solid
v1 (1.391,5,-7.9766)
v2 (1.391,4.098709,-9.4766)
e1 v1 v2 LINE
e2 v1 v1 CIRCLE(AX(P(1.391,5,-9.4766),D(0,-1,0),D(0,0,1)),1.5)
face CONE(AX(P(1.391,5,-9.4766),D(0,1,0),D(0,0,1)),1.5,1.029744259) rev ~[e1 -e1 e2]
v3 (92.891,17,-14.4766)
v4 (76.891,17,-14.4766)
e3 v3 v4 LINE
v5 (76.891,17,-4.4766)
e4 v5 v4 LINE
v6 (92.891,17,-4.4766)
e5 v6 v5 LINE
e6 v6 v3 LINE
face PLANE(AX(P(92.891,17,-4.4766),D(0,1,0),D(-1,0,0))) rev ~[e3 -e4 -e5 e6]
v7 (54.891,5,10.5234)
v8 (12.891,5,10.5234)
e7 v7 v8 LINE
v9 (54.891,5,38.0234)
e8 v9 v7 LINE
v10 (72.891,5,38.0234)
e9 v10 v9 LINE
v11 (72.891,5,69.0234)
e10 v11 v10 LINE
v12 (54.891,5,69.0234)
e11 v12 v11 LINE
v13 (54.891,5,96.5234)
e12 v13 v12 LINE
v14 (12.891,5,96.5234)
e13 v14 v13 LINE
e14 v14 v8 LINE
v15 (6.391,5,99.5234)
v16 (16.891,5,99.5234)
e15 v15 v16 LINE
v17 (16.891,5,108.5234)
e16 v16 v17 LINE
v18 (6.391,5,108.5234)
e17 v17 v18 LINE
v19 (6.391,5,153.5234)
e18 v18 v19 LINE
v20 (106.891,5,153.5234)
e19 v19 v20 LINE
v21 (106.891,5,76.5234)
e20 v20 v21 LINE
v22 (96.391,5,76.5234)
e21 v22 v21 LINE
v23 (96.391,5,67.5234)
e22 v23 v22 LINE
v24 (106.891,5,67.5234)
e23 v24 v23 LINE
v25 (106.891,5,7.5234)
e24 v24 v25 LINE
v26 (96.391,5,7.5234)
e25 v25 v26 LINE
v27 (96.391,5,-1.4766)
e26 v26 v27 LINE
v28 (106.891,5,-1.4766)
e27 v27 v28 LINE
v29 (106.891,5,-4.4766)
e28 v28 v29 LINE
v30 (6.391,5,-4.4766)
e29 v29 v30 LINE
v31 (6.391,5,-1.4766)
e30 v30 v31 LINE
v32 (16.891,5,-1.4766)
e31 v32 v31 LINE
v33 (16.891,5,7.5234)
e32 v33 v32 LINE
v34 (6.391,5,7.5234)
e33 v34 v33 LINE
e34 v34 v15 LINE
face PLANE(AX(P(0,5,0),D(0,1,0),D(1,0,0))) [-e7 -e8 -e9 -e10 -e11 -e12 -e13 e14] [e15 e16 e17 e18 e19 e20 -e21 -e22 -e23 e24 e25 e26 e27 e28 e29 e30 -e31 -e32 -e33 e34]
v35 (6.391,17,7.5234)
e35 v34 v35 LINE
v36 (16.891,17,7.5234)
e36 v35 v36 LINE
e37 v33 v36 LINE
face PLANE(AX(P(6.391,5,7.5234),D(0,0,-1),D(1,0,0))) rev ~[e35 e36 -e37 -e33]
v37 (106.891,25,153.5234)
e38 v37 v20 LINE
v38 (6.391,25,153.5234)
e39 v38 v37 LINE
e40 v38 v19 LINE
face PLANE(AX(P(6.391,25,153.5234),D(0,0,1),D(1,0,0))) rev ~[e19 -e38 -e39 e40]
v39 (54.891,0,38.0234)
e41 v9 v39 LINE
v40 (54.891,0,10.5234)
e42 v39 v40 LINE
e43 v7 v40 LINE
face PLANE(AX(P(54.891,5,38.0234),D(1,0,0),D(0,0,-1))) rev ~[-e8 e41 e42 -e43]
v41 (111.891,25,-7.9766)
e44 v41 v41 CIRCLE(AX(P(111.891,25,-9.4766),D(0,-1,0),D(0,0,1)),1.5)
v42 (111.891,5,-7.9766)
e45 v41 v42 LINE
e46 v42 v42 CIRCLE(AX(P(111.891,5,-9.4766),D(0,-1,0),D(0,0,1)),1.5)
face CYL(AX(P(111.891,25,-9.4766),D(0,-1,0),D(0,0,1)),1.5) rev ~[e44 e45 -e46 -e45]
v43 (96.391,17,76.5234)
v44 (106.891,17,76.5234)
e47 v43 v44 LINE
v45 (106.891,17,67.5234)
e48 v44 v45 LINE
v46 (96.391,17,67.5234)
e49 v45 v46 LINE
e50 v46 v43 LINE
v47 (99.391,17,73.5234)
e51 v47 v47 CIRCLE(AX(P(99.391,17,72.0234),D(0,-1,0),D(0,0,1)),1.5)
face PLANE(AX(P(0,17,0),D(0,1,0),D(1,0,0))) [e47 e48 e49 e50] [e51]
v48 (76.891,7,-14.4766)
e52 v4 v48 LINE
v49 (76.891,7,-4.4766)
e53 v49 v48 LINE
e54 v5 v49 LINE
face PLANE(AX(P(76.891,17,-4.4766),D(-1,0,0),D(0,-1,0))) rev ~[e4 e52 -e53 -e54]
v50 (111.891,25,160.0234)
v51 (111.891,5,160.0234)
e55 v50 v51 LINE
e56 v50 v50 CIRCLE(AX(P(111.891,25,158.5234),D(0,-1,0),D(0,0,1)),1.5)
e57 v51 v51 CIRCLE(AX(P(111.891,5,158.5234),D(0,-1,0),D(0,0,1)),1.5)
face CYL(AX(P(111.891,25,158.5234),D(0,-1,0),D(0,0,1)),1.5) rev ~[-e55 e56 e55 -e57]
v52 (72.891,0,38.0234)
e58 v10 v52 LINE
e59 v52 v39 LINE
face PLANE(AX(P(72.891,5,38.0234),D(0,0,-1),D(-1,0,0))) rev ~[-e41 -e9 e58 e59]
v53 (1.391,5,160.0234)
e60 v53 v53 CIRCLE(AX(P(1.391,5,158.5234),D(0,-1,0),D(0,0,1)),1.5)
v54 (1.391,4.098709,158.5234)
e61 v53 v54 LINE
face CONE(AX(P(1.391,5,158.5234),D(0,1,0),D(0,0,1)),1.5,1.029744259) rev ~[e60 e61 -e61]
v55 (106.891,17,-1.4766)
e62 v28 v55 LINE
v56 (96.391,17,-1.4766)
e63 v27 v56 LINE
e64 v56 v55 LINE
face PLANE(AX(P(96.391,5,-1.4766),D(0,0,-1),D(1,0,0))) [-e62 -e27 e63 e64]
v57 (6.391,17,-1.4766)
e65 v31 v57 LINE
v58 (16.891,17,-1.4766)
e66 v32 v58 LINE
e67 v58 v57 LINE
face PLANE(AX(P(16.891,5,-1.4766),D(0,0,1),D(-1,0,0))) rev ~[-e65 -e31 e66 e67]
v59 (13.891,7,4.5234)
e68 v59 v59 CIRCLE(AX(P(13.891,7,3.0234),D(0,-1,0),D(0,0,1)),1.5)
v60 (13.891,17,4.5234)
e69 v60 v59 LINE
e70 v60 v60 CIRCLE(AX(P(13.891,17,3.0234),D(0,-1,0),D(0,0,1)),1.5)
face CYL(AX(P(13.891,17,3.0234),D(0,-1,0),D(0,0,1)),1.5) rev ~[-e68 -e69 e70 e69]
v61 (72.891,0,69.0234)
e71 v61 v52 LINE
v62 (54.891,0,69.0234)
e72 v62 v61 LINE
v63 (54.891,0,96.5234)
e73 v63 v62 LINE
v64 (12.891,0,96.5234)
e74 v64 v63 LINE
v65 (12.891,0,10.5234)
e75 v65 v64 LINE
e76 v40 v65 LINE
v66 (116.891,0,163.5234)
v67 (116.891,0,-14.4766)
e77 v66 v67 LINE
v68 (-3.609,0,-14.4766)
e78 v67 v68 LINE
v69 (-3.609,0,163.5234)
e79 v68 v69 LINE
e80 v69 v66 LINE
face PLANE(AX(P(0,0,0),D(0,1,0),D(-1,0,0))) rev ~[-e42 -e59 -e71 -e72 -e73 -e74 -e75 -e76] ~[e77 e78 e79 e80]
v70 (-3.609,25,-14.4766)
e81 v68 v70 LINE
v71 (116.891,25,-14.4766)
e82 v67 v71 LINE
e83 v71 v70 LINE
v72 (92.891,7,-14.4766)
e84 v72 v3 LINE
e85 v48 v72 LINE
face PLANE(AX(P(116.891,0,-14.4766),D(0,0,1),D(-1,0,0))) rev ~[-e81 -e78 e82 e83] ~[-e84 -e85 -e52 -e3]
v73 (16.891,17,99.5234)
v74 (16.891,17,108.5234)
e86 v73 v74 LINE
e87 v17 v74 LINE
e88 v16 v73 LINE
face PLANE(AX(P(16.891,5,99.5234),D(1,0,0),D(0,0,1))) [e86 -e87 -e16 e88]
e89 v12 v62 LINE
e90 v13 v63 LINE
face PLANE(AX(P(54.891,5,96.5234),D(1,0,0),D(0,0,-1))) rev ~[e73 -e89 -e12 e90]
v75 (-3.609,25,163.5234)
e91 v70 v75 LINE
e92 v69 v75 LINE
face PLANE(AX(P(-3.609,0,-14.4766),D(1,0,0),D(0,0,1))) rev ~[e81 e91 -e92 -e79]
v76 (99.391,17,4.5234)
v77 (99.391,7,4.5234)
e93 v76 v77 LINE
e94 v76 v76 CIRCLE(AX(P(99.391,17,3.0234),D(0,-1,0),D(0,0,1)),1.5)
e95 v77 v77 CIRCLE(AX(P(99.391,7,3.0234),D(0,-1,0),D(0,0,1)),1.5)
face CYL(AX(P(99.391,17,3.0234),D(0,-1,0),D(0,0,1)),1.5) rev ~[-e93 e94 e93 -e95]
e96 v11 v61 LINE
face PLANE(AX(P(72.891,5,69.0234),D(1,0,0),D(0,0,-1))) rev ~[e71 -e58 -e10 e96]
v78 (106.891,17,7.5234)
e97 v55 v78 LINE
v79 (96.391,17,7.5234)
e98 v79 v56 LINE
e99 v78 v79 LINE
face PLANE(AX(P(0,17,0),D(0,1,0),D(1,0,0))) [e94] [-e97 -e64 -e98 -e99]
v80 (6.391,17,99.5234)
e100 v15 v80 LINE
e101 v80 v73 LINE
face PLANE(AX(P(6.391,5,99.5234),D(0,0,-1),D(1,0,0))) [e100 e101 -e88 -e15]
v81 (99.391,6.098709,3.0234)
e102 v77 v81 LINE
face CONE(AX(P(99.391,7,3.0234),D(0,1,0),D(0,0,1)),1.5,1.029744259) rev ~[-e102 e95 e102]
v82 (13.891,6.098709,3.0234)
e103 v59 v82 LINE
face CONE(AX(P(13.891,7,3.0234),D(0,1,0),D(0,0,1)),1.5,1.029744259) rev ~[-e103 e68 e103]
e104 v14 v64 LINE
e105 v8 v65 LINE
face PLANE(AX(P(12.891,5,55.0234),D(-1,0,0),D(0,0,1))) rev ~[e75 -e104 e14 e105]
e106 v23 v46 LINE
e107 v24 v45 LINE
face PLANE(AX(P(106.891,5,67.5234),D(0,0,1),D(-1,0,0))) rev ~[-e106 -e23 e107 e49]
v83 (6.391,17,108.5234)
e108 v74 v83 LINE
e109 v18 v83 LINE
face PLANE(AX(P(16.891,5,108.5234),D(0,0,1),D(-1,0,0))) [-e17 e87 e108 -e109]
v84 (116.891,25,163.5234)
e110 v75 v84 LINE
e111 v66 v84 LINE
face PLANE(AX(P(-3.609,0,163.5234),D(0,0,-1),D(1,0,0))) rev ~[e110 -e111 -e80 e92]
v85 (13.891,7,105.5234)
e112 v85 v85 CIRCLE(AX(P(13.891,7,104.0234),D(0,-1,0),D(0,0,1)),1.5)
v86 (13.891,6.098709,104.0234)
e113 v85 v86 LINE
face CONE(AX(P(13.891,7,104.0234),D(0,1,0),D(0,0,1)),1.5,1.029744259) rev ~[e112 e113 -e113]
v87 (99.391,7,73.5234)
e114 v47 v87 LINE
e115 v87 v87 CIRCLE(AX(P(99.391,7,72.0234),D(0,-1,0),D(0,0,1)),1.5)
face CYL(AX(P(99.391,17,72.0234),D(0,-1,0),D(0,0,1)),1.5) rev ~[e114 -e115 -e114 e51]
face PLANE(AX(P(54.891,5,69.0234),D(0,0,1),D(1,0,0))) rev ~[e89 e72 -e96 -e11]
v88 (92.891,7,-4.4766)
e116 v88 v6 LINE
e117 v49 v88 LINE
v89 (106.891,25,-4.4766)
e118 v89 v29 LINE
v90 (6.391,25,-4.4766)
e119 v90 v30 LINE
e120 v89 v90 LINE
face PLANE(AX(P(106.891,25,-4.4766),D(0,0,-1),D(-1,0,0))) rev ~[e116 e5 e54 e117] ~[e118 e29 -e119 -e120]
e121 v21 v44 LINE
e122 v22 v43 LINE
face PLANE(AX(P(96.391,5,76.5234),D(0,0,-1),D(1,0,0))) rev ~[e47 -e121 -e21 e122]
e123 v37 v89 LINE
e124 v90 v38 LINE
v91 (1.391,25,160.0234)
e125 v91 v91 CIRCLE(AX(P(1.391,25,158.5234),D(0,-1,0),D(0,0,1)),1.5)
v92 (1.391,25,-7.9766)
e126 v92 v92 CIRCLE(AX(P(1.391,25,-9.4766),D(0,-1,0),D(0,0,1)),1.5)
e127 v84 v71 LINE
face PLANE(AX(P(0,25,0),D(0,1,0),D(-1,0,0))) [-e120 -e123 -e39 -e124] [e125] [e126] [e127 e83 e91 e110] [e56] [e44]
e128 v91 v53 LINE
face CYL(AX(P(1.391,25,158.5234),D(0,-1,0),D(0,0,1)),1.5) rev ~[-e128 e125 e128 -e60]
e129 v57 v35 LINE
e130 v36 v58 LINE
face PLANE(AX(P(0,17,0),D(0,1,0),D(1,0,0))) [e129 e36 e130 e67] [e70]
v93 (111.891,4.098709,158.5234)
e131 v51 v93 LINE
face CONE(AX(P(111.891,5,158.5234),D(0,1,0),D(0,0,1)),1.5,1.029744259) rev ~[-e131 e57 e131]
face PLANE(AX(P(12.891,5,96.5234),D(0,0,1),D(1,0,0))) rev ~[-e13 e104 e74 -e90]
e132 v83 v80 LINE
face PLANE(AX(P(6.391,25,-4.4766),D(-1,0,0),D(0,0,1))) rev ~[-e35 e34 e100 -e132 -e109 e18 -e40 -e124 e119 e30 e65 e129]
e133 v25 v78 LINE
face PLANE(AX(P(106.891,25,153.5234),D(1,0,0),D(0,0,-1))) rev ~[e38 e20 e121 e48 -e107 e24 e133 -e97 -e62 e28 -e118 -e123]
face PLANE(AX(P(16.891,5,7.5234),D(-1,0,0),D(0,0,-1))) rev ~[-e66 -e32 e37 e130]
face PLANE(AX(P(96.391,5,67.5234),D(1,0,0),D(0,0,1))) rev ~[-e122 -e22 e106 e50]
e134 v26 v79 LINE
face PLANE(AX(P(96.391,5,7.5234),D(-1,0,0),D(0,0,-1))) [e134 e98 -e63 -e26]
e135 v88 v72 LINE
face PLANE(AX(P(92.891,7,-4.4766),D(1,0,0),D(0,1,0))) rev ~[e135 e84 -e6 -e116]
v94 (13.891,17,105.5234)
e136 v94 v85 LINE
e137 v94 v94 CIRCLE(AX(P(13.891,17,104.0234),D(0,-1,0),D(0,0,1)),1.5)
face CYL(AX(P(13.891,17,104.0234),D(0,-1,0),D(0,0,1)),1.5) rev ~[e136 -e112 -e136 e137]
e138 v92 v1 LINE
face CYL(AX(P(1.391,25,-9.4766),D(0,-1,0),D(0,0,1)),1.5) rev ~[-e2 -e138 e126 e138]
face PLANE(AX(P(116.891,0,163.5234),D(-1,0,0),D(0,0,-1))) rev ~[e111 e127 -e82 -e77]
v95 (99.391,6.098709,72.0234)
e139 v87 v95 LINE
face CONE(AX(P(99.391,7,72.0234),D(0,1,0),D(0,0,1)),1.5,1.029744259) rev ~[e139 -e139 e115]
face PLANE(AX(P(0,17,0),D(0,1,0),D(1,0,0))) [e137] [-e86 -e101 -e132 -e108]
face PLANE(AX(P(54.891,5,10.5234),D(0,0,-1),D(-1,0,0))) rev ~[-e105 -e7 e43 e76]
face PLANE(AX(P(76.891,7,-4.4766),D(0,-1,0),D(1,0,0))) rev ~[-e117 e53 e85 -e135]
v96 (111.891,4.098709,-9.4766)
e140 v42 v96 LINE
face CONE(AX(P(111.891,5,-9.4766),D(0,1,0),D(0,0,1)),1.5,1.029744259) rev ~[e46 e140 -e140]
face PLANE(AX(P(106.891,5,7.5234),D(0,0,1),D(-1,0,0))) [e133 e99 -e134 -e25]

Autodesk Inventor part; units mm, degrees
ref_plane "YZ Plane" through (0, 0, 0) normal (1, 0, 0) x (0, 1, 0)
ref_plane "XZ Plane" through (0, 0, 0) normal (0, 1, 0) x (-1, 0, 0)
ref_plane "XY Plane" through (0, 0, 0) normal (0, 0, 1) x (1, 0, 0)
sketch "Sketch1" plane through (0, 0, 0) normal (0, 1, 0) x (-1, 0, 0)
  line L0 (3.609, 163.5234) -> (-116.891, 163.5234)
  line L1 (-116.891, 163.5234) -> (-116.891, -14.4766)
  line L2 (-116.891, -14.4766) -> (3.609, -14.4766)
  line L3 (3.609, -14.4766) -> (3.609, 163.5234)
  dimension "d1" = 178
  dimension "d2" = 120.5
extrude "Extrusion1" add sketch "Sketch1" along normal blind 25
sketch "Sketch2" plane through (0, 25, 0) normal (0, 1, 0) x (1, 0, 0)
  line L0 (6.391, -153.5234) -> (106.891, -153.5234)
  line L1 (106.891, -153.5234) -> (106.891, 4.4766)
  line L2 (106.891, 4.4766) -> (6.391, 4.4766)
  line L3 (6.391, 4.4766) -> (6.391, -153.5234)
  line L4 (-3.609, -163.5234) -> (116.891, -163.5234) projected
  line L5 (116.891, -163.5234) -> (116.891, 14.4766) projected
  point P0 (0, 0)
  dimension "d5" = 158
  dimension "d6" = 100.5
  dimension "d7" = 10
  dimension "d8" = 10
extrude "Extrusion2" cut sketch "Sketch2" against normal blind 20
sketch "Sketch3" plane through (0, 5, 0) normal (0, 1, 0) x (1, 0, 0)
  line L0 (12.891, -96.5234) -> (54.891, -96.5234)
  line L1 (54.891, -96.5234) -> (54.891, -10.5234)
  line L2 (54.891, -10.5234) -> (12.891, -10.5234)
  line L3 (12.891, -10.5234) -> (12.891, -96.5234)
  line L4 (106.891, -153.5234) -> (6.391, -153.5234) projected
  line L5 (6.391, 4.4766) -> (106.891, 4.4766) projected
  line L6 (6.391, -153.5234) -> (6.391, 4.4766) projected
  line L7 (54.891, -69.0234) -> (72.891, -69.0234)
  line L8 (72.891, -69.0234) -> (72.891, -38.0234)
  line L9 (72.891, -38.0234) -> (54.891, -38.0234)
  line L10 (54.891, -38.0234) -> (54.891, -69.0234)
  line L11 (106.891, 4.4766) -> (106.891, -153.5234) projected
  line L12 (12.891, -55.0234) -> (106.891, -55.0234)
  point P0 (0, 0)
  dimension "d11" = 57
  dimension "d12" = 15
  dimension "d13" = 6.5
  dimension "d14" = 0
  dimension "d15" = 42
  dimension "d16" = 34
  dimension "d17" = 42.5
  dimension "d18" = 84.5
  dimension "d19" = 41.5
  dimension "d20" = 44.5
  dimension "d21" = 14
extrude "Extrusion3" cut sketch "Sketch3" against normal through all contours L3 L12 L1 L0 | L3 L2 L1 L12 | L1 L12 L8 L7 | L1 L9 L8 L12
sketch "Sketch4" plane through (0, 5, 0) normal (0, 1, 0) x (1, 0, 0)
  line L0 (6.391, -7.5234) -> (16.891, -7.5234)
  line L1 (16.891, -7.5234) -> (16.891, 1.4766)
  line L2 (16.891, 1.4766) -> (6.391, 1.4766)
  line L3 (6.391, 1.4766) -> (6.391, -7.5234)
  line L4 (6.391, -153.5234) -> (6.391, 4.4766) projected
  line L5 (6.391, 4.4766) -> (106.891, 4.4766) projected
  line L6 (6.391, -153.5234) -> (6.391, 4.4766) projected
  line L7 (6.391, -53.5234) -> (106.891, -53.5234)
  line L8 (12.891, -10.5234) -> (54.891, -10.5234) projected
  line L9 (6.391, -99.5234) -> (16.891, -99.5234)
  line L10 (16.891, -99.5234) -> (16.891, -108.5234)
  line L11 (16.891, -108.5234) -> (6.391, -108.5234)
  line L12 (6.391, -108.5234) -> (6.391, -99.5234)
  line L13 (106.891, -153.5234) -> (6.391, -153.5234) projected
  line L14 (56.641, -153.5234) -> (56.641, 4.4766)
  line L15 (6.391, 4.4766) -> (106.891, 4.4766) projected
  line L16 (-3.609, 14.4766) -> (-3.609, -163.5234) projected
  line L17 (106.891, -7.5234) -> (96.391, -7.5234)
  line L18 (96.391, -7.5234) -> (96.391, 1.4766)
  line L19 (96.391, 1.4766) -> (106.891, 1.4766)
  line L20 (106.891, 1.4766) -> (106.891, -7.5234)
  line L21 (108.391, -37.5234) -> (6.391, -37.5234)
  line L22 (106.891, -67.5234) -> (96.391, -67.5234)
  line L23 (106.891, -76.5234) -> (106.891, -67.5234)
  line L24 (96.391, -67.5234) -> (96.391, -76.5234)
  line L25 (96.391, -76.5234) -> (106.891, -76.5234)
  line L26 (54.891, -96.5234) -> (12.891, -96.5234) projected
  point P0 (0, 0)
  dimension "d24" = 0
  dimension "d25" = 10.5
  dimension "d26" = 9
  dimension "d27" = 3
  dimension "d28" = 43
  dimension "d29" = 60.25
  dimension "d30" = 30
  dimension "d37" = 43
extrude "Extrusion4" add sketch "Sketch4" along normal blind 12 contours L3 L2 L1 L0 | L9 L10 L11 L4 | L17 L18 L19 L20 | L23 L25 L24 L22
sketch "Sketch6" plane through (0, 17, 0) normal (0, 1, 0) x (1, 0, 0)
  circle A0 centre (13.891, -3.0234) radius 1.5
  line L0 (6.391, -153.5234) -> (6.391, 4.4766) projected
  line L1 (16.891, 1.4766) -> (6.391, 1.4766) projected
  line L2 (6.391, -53.5234) -> (108.8142, -53.5234)
  line L3 (12.891, -10.5234) -> (54.891, -10.5234) projected
  line L4 (6.391, -108.5234) -> (16.891, -108.5234) projected
  circle A1 centre (13.891, -104.0234) radius 1.5
  line L5 (56.641, -153.5234) -> (56.641, 4.4766)
  line L6 (-3.609, 14.4766) -> (-3.609, -163.5234) projected
  circle A2 centre (99.391, -3.0234) radius 1.5
  line L7 (106.891, -7.5234) -> (106.891, -67.5234) projected
  line L8 (106.891, -37.5234) -> (6.391, -37.5234)
  line L9 (96.391, -7.5234) -> (106.891, -7.5234) projected
  circle A3 centre (99.391, -72.0234) radius 1.5
  line L10 (106.891, 4.4766) -> (106.891, -153.5234) projected
  line L11 (106.891, 1.4766) -> (96.391, 1.4766) projected
  point P0 (0, 0)
  dimension "d33" = 3
  dimension "d34" = 7.5
  dimension "d35" = 4.5
  dimension "d36" = 43
  dimension "d38" = 110
  dimension "d39" = 4.5
  dimension "d40" = 7.5
  dimension "d41" = 60.25
  dimension "d42" = 30
  dimension "d43" = 69
  dimension "d44" = 7.5
  dimension "d45" = 7.5
  dimension "d46" = 4.5
hole "Hole1" at (13.891, 17, 3.0234) at (13.891, 17, 104.0234) at (99.391, 17, 72.0234) at (99.391, 17, 3.0234) direction (0, -1, 0) diameter 3 depth 10 tip angle 118
thread "Thread1" size "M3x0.5" class "6H" standard "ANSI Metric M Profile" full length
thread "Thread2" size "M3x0.5" class "6H" standard "ANSI Metric M Profile" full length
thread "Thread3" size "M3x0.5" class "6H" standard "ANSI Metric M Profile" full length
thread "Thread4" size "M3x0.5" class "6H" standard "ANSI Metric M Profile" full length
sketch "Sketch7" plane through (0, 25, 0) normal (0, 1, 0) x (1, 0, 0)
  circle A0 centre (1.391, -158.5234) radius 1.5
  line L0 (-3.609, -163.5234) -> (116.891, -163.5234) projected
  line L1 (-3.609, 14.4766) -> (-3.609, -163.5234) projected
  line L2 (-3.609, 14.4766) -> (-3.609, -163.5234) projected
  line L3 (-3.609, -74.5234) -> (116.891, -74.5234)
  line L4 (116.891, -163.5234) -> (116.891, 14.4766) projected
  circle A1 centre (1.391, 9.4766) radius 1.5
  line L5 (56.641, -163.5234) -> (56.641, 14.4766)
  line L6 (116.891, 14.4766) -> (-3.609, 14.4766) projected
  circle A2 centre (111.891, -158.5234) radius 1.5
  circle A3 centre (111.891, 9.4766) radius 1.5
  point P0 (0, 0)
  dimension "d62" = 3
  dimension "d63" = 5
  dimension "d64" = 5
  dimension "d65" = 89
  dimension "d66" = 60.25
hole "Hole2" at (1.391, 25, 158.5234) at (1.391, 25, -9.4766) at (111.891, 25, -9.4766) at (111.891, 25, 158.5234) direction (0, -1, 0) diameter 3 depth 20 tip angle 118
thread "Thread5" size "M3x0.5" class "6H" standard "ANSI Metric M Profile" full length
thread "Thread6" size "M3x0.5" class "6H" standard "ANSI Metric M Profile" full length
thread "Thread7" size "M3x0.5" class "6H" standard "ANSI Metric M Profile" full length
thread "Thread8" size "M3x0.5" class "6H" standard "ANSI Metric M Profile" full length
sketch "Sketch8" plane through (6.391, 25, -4.4766) normal (0, 0, 1) x (1, 0, 0)
  line L0 (70.5, -18) -> (86.5, -18)
  line L1 (86.5, -18) -> (86.5, -8)
  line L2 (86.5, -8) -> (70.5, -8)
  line L3 (70.5, -8) -> (70.5, -18)
  line L4 (100.5, 0) -> (100.5, -20) projected
  line L5 (0, 0) -> (100.5, 0) projected
  line L6 (0, -20) -> (100.5, -20) projected
  point P0 (-6.391, -25)
  dimension "d82" = 14
  dimension "d83" = 16
  dimension "d84" = 8
  dimension "d85" = 2
extrude "Extrusion5" cut sketch "Sketch8" against normal through all
properties part number "cabin_front"
